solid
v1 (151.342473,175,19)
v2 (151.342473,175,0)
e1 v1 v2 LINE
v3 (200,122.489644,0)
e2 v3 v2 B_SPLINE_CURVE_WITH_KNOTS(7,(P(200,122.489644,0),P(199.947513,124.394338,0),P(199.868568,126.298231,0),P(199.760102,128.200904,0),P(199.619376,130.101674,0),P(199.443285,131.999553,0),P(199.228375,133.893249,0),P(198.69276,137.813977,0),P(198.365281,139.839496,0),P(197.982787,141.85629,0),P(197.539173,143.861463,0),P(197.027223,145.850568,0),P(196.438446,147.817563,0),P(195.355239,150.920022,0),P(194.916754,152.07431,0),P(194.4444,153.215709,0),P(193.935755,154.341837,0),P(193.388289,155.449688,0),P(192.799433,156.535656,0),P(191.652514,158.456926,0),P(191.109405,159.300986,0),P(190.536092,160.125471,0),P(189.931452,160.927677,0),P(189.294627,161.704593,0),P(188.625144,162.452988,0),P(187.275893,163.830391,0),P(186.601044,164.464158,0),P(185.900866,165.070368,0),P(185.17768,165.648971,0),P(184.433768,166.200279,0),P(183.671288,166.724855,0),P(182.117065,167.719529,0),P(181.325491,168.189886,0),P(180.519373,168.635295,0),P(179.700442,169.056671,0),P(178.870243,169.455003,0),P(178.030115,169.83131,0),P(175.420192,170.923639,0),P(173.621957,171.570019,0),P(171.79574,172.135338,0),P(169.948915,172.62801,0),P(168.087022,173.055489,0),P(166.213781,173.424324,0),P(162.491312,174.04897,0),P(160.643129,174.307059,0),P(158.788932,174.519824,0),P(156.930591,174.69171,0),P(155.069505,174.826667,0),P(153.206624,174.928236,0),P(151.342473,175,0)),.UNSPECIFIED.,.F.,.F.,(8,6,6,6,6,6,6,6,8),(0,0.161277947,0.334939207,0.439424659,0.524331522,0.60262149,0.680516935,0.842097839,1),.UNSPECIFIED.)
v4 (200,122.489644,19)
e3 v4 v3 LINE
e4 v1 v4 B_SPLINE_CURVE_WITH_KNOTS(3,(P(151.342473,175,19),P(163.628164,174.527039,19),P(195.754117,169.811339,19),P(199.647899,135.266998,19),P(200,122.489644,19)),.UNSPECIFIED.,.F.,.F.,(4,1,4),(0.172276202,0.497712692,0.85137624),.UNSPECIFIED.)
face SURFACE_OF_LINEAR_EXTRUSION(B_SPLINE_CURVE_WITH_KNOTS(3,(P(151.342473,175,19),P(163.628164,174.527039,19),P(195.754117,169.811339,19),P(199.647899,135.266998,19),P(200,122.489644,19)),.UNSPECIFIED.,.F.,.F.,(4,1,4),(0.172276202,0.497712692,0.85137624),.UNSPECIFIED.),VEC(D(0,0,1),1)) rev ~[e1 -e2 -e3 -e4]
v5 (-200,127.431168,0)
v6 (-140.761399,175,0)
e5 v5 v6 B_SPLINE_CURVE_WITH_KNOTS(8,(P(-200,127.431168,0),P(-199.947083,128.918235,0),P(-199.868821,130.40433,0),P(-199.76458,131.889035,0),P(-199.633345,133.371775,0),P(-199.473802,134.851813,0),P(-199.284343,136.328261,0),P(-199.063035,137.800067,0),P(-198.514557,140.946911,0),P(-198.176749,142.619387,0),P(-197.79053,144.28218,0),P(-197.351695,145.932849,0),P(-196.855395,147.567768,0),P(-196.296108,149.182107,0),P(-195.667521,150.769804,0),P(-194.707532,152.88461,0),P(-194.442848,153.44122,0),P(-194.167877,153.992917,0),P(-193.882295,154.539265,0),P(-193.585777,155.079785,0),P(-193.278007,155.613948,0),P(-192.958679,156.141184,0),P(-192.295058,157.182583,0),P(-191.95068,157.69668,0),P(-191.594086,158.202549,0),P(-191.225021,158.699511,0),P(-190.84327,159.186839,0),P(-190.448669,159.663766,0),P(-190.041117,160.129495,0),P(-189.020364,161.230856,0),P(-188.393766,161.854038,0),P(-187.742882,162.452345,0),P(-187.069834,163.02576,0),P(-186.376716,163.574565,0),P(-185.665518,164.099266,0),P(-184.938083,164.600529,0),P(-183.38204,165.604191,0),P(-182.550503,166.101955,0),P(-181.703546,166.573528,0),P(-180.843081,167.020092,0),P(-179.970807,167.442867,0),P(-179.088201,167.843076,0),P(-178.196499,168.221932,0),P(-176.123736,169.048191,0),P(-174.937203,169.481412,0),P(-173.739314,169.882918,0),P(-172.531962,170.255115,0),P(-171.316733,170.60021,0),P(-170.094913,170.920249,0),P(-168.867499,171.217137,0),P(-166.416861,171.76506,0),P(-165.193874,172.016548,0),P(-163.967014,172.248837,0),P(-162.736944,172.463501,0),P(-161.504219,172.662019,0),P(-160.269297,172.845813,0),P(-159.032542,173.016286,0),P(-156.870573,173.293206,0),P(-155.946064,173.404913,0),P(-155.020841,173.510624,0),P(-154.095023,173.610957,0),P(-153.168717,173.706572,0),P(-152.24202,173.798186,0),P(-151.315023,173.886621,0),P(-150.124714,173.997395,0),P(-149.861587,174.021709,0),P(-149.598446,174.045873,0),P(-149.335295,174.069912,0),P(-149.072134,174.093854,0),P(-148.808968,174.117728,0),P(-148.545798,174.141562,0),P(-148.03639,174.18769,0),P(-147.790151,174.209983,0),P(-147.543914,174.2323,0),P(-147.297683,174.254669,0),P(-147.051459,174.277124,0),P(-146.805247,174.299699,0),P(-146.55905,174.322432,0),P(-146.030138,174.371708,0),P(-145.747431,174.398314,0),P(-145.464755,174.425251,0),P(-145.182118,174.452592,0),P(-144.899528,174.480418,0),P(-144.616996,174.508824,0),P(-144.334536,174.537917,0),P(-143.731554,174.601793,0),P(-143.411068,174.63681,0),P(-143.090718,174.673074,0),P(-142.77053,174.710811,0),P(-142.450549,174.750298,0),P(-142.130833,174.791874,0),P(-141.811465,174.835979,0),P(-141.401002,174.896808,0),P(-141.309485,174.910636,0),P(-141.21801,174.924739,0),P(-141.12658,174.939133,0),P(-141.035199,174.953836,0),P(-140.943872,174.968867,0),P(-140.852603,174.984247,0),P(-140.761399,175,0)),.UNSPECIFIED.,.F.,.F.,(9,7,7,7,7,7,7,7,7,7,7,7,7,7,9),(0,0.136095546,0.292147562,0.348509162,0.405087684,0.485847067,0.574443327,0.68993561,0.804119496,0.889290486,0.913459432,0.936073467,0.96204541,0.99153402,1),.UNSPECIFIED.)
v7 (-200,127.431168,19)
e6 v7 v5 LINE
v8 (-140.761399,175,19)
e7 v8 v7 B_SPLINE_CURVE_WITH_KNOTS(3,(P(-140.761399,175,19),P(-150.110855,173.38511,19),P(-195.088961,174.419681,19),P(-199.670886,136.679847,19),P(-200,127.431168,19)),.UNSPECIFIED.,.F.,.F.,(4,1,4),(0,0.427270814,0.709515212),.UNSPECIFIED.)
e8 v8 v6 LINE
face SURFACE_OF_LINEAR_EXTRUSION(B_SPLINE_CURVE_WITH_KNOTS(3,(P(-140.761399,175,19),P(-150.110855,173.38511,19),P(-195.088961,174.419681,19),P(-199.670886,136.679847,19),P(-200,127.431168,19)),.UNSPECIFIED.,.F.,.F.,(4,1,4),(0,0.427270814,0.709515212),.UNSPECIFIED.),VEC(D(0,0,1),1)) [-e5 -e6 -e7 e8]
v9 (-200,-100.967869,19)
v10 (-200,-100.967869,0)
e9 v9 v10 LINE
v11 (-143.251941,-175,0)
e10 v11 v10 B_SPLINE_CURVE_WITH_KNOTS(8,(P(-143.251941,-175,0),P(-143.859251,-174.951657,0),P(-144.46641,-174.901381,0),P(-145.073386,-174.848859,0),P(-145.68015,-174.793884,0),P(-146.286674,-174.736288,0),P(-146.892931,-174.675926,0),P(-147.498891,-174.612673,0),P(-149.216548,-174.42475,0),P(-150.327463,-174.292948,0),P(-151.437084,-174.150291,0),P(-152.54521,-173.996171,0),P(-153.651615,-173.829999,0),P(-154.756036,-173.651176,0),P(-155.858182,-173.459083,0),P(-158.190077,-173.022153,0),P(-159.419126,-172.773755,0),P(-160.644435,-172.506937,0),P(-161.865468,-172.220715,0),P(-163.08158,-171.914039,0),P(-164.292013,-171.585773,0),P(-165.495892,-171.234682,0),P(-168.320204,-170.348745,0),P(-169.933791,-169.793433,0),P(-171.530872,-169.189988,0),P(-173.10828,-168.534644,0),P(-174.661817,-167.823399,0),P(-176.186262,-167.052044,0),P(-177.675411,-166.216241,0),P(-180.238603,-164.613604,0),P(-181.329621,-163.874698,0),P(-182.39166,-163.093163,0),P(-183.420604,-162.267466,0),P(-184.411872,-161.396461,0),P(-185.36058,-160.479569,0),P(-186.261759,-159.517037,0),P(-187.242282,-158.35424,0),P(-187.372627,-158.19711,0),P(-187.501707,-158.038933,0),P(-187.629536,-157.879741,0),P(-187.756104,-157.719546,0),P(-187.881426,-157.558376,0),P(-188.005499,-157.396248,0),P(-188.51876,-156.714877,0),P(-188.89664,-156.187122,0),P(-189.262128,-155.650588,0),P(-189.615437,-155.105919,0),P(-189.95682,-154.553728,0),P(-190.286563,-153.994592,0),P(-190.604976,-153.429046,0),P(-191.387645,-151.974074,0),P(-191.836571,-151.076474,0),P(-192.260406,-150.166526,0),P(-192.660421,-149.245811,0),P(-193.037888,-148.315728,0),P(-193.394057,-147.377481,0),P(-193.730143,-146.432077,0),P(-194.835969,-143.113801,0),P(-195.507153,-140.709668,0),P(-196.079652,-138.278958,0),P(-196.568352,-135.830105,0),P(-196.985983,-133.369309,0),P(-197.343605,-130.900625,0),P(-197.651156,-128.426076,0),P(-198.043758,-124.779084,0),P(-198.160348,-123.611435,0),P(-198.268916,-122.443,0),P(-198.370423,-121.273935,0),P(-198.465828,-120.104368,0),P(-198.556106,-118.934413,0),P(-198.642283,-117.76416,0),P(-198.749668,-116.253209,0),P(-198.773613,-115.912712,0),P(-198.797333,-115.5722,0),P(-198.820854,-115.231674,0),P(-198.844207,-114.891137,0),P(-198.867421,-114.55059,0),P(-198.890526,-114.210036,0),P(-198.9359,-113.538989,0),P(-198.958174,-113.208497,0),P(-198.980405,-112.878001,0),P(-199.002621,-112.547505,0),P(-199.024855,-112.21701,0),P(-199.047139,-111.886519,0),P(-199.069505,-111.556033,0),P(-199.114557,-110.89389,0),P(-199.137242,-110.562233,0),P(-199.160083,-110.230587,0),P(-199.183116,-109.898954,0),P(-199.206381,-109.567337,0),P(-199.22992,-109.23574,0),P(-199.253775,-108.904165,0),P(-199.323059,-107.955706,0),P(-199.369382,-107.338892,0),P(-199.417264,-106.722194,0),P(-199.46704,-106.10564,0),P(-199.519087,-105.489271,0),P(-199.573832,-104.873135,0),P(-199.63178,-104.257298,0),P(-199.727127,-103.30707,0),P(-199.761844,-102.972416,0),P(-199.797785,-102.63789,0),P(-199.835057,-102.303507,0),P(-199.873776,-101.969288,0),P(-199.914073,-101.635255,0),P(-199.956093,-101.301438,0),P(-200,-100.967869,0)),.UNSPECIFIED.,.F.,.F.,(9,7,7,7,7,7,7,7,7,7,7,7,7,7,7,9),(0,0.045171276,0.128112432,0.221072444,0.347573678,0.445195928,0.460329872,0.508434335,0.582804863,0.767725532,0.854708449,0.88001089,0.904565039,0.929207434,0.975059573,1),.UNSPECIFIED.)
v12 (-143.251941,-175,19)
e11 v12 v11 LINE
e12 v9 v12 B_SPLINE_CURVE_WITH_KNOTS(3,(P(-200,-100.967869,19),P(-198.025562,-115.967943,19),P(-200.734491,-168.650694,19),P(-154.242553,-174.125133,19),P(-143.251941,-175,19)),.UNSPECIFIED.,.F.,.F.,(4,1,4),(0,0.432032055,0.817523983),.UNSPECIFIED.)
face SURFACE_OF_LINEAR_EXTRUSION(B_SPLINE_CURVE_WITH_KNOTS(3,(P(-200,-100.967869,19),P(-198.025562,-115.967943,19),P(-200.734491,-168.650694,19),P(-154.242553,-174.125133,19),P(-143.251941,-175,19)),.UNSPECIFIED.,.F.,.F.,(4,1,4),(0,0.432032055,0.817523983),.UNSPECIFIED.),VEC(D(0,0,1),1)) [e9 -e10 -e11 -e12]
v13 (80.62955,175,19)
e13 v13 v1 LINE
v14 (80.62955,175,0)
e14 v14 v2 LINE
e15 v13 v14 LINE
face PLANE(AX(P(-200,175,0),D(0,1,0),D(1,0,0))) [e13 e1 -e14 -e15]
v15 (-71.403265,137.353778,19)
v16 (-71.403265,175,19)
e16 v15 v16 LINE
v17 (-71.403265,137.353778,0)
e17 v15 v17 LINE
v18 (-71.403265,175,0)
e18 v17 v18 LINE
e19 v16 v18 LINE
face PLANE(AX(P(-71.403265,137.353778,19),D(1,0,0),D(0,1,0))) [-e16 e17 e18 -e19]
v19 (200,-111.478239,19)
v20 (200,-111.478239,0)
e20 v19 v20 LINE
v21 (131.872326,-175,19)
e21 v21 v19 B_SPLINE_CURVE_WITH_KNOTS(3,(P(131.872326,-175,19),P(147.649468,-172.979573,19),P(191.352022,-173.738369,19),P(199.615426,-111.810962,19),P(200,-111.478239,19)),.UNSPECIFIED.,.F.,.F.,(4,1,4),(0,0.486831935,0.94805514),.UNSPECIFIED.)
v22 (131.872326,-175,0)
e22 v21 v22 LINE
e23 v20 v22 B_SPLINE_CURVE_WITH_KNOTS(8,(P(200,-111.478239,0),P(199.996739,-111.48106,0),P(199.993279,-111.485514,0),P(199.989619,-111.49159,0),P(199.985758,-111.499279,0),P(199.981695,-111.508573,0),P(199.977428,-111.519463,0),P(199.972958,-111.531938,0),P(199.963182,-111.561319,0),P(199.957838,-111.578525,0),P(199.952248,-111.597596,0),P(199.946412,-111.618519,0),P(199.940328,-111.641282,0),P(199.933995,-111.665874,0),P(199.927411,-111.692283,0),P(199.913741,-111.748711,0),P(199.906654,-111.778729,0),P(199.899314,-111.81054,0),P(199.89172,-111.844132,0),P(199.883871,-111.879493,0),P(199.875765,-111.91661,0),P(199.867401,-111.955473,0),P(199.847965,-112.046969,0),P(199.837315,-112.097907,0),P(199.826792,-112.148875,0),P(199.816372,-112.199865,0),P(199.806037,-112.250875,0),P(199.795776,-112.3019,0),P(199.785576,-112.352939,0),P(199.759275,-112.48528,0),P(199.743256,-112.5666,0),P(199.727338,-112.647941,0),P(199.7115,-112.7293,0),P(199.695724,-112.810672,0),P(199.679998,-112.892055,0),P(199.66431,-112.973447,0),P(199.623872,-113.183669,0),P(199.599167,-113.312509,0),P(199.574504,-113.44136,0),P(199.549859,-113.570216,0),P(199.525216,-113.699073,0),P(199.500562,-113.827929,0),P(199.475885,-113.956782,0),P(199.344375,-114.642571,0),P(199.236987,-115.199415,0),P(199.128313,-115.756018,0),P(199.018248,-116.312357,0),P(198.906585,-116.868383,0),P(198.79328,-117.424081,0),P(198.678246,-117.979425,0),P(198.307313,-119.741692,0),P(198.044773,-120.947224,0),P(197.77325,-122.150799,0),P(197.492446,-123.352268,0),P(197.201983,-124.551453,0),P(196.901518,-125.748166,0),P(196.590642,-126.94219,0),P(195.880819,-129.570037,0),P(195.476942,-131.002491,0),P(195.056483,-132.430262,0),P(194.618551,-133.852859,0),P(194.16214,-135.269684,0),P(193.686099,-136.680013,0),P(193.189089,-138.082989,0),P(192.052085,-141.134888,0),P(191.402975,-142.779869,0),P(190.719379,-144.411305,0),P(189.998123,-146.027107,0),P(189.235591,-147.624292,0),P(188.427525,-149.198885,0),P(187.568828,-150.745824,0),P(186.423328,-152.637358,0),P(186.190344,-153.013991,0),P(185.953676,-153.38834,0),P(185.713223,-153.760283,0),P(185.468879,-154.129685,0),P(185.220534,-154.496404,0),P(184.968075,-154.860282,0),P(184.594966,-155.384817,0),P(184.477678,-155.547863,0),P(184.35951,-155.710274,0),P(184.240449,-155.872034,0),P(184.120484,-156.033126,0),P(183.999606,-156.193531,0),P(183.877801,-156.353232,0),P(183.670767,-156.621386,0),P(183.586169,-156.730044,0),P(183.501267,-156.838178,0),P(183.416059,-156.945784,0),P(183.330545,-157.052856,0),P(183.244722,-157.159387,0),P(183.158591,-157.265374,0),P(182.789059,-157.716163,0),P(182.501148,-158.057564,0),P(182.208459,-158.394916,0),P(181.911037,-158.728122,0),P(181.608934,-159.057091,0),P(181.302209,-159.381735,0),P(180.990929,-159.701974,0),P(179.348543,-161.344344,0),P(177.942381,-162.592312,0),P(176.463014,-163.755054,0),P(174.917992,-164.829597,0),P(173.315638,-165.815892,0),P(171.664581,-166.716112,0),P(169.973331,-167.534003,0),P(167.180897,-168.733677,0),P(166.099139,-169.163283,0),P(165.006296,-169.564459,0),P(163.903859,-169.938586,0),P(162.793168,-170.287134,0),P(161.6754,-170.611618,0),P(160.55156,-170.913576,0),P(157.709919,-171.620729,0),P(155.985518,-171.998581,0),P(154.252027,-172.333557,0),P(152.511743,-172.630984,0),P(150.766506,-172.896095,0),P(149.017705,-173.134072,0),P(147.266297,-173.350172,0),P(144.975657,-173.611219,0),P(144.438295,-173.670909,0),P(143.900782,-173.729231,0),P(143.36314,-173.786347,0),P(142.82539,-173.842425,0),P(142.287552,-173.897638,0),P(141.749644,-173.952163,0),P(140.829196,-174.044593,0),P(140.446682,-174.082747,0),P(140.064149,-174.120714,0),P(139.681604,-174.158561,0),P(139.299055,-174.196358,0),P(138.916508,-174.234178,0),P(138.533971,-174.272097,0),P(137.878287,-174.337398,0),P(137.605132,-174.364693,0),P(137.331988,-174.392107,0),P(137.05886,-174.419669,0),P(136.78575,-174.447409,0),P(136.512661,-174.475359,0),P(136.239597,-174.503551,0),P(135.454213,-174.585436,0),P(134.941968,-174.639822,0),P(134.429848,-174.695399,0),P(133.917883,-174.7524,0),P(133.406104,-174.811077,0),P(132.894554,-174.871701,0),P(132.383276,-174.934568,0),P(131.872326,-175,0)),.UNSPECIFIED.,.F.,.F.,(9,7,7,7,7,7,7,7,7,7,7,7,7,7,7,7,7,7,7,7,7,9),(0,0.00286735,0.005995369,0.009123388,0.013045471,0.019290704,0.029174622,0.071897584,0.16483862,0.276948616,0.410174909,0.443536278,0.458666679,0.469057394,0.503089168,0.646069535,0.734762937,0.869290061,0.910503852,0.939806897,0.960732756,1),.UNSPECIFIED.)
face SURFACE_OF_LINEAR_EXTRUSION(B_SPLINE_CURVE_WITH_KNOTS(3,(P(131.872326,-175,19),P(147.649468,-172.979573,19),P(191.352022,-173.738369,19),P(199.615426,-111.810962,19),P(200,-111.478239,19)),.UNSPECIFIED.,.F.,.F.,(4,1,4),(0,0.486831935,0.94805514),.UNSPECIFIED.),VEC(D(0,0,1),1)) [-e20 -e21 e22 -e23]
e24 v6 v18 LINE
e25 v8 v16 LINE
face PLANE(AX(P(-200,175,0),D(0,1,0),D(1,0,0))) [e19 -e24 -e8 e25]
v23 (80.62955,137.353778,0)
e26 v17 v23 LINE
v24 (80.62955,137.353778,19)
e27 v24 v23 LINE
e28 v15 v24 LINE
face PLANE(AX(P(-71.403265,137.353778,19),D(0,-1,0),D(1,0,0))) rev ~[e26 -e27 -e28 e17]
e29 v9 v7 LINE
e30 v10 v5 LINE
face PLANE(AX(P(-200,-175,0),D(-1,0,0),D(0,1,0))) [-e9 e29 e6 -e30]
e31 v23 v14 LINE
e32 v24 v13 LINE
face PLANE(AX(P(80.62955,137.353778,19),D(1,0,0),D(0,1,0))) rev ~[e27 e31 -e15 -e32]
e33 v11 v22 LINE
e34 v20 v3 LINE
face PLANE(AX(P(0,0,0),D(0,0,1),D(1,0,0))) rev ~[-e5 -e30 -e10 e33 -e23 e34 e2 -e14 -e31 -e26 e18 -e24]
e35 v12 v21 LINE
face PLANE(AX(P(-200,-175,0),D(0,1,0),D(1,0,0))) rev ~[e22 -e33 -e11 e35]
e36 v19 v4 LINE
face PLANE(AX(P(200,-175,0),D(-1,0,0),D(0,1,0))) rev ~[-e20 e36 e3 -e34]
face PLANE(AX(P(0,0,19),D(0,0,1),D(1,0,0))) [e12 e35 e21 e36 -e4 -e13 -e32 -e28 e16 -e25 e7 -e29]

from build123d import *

# Parameters (mm, degrees)
F0_W      = 400
F0_H      = 350
F1_DEPTH  = 19
F3_DEPTH  = 19.001
F5_DEPTH  = 19.0010001
F7_DEPTH  = 19.0010001
F9_DEPTH  = 19.0010001
F10_W     = 152.0328149199
F10_H     = 37.6462221146
F11_DEPTH = 19.0010001


with BuildPart() as f1:
    # F0 (on Top) → F1 (new body)
    with BuildSketch(Plane.XY):
        Rectangle(F0_W, F0_H)
    extrude(amount=F1_DEPTH)

    # F2 (on face) → F3 (cut, through all)
    with BuildSketch(Plane.XY.offset(19)):
        with BuildLine():
            Line((200, 175), (151.3424734159, 175))
            add(Edge.make_bspline(
                [(151.3424734159, 175), (163.628163973, 174.5270389431), (195.7541165045, 169.8113391239), (199.6478987114, 135.2669980399), (200, 122.4896438138)],
                knots=[0.1722762022, 0.1722762022, 0.1722762022, 0.1722762022, 0.4977126924, 0.8513762401, 0.8513762401, 0.8513762401, 0.8513762401], degree=3))
            Line((200, 122.4896438138), (200, 175))
        make_face()
    extrude(amount=-F3_DEPTH, mode=Mode.SUBTRACT)

    # F4 (on face) → F5 (cut, through all)
    with BuildSketch(Plane.XY.offset(19)):
        with BuildLine():
            add(Edge.make_bspline(
                [(-140.7613994596, 175), (-150.110855442, 173.3851097158), (-195.0889612855, 174.4196814068), (-199.6708864934, 136.6798470352), (-200, 127.4311682667)],
                knots=[0, 0, 0, 0, 0.4272708141, 0.7095152118, 0.7095152118, 0.7095152118, 0.7095152118], degree=3))
            Line((-140.7613994596, 175), (-200, 175))
            Line((-200, 175), (-200, 127.4311682667))
        make_face()
    extrude(amount=-F5_DEPTH, mode=Mode.SUBTRACT)

    # F6 (on face) → F7 (cut, through all)
    with BuildSketch(Plane.XY.offset(19)):
        with BuildLine():
            add(Edge.make_bspline(
                [(-200, -100.9678691626), (-198.025562325, -115.9679433742), (-200.7344906485, -168.6506935141), (-154.2425532874, -174.1251325706), (-143.251940608, -175)],
                knots=[0, 0, 0, 0, 0.432032055, 0.8175239829, 0.8175239829, 0.8175239829, 0.8175239829], degree=3))
            Line((-200, -100.9678691626), (-200, -175))
            Line((-200, -175), (-143.251940608, -175))
        make_face()
    extrude(amount=-F7_DEPTH, mode=Mode.SUBTRACT)

    # F8 (on face) → F9 (cut, through all)
    with BuildSketch(Plane.XY.offset(19)):
        with BuildLine():
            add(Edge.make_bspline(
                [(131.8723261356, -175), (147.6494681392, -172.9795732693), (191.3520223086, -173.7383685692), (199.6154264724, -111.8109622903), (200, -111.4782392979)],
                knots=[0, 0, 0, 0, 0.4868319345, 0.9480551396, 0.9480551396, 0.9480551396, 0.9480551396], degree=3))
            Line((131.8723261356, -175), (200, -175))
            Line((200, -175), (200, -112.0964959264))
            Line((200, -112.0964959264), (200, -111.4782392979))
        make_face()
    extrude(amount=-F9_DEPTH, mode=Mode.SUBTRACT)

    # F10 (on face) → F11 (cut, through all)
    with BuildSketch(Plane.XY.offset(19)):
        with Locations((4.6131424606, 156.1768889427)):
            Rectangle(F10_W, F10_H)
    extrude(amount=-F11_DEPTH, mode=Mode.SUBTRACT)


solid = f1.part
